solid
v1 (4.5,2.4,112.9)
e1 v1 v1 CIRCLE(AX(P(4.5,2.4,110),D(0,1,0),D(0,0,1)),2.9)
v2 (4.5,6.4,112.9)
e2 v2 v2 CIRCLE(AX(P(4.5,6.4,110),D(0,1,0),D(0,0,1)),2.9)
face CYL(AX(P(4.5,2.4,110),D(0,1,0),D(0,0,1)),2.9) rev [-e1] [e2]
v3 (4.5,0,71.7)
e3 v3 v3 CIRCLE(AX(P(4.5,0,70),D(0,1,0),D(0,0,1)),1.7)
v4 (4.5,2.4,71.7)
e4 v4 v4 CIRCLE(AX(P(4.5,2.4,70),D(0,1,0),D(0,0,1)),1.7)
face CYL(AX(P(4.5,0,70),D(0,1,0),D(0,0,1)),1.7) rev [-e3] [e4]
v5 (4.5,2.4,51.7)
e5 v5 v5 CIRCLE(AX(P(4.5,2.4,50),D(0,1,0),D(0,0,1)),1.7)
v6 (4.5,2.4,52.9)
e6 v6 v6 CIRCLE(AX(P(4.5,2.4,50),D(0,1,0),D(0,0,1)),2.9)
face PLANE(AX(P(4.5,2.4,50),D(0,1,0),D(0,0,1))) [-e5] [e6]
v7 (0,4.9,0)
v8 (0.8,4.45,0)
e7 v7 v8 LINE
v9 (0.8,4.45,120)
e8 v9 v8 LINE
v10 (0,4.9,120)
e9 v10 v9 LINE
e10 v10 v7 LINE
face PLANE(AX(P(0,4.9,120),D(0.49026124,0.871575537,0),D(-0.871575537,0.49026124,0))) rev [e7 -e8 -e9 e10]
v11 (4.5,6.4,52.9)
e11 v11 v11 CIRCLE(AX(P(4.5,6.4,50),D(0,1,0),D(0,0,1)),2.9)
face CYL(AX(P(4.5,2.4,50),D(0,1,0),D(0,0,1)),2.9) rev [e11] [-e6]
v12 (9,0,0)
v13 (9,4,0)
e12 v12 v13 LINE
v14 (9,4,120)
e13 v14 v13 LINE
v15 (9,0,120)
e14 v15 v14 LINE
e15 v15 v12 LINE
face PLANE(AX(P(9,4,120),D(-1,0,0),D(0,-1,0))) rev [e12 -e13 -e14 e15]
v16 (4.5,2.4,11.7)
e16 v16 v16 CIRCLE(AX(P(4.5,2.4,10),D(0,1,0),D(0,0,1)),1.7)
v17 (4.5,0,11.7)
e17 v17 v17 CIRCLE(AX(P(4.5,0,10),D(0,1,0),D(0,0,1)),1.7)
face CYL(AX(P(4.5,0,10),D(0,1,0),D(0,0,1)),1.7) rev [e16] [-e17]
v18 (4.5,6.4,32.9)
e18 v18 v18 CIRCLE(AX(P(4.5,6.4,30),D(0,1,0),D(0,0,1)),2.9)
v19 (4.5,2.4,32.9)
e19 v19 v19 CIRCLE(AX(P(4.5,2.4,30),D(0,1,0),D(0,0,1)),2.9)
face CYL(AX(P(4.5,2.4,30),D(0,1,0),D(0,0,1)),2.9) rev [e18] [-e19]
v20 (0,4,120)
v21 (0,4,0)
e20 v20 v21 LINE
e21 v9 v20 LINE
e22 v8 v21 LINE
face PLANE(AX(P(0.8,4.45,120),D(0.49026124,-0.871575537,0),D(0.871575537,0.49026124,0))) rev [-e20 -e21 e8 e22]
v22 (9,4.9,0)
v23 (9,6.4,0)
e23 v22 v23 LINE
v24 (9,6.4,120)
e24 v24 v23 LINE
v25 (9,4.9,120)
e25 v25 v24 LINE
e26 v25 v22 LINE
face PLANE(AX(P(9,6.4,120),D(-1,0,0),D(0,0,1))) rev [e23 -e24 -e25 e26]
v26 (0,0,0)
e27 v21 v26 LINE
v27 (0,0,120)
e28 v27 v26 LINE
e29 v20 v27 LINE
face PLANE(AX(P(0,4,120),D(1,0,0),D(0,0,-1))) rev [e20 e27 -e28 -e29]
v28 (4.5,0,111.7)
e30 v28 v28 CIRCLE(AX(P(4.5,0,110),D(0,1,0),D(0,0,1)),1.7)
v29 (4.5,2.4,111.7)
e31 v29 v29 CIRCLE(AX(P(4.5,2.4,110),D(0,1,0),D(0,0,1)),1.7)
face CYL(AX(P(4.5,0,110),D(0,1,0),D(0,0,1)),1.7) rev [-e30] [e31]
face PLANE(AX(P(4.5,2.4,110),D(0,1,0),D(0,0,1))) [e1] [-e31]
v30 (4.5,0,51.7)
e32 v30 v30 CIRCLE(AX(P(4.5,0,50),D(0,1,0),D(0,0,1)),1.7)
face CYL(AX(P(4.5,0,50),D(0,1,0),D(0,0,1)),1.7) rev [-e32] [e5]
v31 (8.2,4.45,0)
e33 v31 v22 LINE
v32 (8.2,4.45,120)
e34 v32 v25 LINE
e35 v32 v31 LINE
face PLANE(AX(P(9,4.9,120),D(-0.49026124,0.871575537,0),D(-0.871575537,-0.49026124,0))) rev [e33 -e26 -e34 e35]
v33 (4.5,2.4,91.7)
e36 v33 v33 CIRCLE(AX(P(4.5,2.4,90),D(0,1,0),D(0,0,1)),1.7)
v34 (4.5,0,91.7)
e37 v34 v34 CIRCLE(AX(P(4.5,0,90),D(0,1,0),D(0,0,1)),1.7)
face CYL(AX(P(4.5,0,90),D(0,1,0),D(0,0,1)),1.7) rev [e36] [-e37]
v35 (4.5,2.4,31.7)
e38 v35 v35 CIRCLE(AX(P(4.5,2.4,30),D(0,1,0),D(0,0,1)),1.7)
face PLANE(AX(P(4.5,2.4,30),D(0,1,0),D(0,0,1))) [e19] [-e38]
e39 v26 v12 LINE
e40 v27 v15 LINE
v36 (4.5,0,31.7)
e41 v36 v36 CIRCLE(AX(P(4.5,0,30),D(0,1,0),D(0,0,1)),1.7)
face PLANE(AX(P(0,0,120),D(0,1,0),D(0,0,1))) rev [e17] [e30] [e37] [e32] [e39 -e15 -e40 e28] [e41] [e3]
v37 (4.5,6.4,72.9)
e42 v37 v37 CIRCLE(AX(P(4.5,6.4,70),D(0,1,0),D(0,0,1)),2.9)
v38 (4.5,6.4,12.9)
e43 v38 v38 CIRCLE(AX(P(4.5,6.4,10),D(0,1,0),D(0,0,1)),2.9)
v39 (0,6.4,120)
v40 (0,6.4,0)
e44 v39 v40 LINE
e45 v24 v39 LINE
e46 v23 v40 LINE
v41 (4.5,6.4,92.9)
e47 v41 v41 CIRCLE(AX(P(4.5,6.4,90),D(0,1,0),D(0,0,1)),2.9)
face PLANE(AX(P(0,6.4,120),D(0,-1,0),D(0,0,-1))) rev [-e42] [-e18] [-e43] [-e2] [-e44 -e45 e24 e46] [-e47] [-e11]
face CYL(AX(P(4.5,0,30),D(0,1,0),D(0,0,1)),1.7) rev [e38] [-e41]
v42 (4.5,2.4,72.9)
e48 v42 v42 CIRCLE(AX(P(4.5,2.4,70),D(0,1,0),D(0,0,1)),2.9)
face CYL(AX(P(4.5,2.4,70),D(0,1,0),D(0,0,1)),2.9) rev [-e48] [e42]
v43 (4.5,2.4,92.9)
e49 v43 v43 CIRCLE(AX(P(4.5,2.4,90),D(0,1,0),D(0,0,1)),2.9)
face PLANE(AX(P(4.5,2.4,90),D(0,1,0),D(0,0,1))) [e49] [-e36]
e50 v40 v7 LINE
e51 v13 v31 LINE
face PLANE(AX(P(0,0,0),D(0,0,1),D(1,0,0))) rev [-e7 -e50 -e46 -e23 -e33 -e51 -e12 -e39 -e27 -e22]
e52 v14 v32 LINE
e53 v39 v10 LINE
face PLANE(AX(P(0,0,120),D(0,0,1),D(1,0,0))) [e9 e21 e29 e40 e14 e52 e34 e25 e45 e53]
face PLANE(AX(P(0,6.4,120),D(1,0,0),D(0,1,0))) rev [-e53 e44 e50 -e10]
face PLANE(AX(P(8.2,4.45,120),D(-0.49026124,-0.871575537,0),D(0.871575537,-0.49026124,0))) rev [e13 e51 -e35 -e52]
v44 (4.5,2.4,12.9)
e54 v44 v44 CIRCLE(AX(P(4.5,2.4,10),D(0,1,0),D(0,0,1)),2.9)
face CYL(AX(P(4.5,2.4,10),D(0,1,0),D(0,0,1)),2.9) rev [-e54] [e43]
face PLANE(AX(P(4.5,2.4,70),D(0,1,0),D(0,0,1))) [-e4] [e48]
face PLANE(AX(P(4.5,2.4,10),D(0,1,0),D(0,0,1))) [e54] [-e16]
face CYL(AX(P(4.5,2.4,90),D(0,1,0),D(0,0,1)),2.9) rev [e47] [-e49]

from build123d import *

# Parameters (mm, degrees)
BOSS_EXTRUDE1_DEPTH = 120
SKETCH2_R           = 2.9
CUT_EXTRUDE1_DEPTH  = 4
SKETCH3_R           = 1.7
CUT_EXTRUDE2_DEPTH  = 121.403488322


with BuildPart() as part:
    # Sketch1 → Boss-Extrude1 (new body)
    with BuildSketch(Plane.XY):
        Polygon((9, 6.4), (9, 4.9), (8.2, 4.45), (9, 4), (9, 0), (0, 0), (0, 4), (0.8, 4.45), (0, 4.9), (0, 6.4), align=None)
    extrude(amount=BOSS_EXTRUDE1_DEPTH)

    # Sketch2 → Cut-Extrude1 (cut)
    with BuildSketch(Plane(origin=(0, 6.4, 0), x_dir=(1, 0, 0), z_dir=(0, 1, 0))):
        with Locations(Location((4.5, -110, 0), (0, 0, 270))):
            Circle(SKETCH2_R)
        with Locations(Location((4.5, -90, 0), (0, 0, 270))):
            Circle(SKETCH2_R)
        with Locations(Location((4.5, -70, 0), (0, 0, 270))):
            Circle(SKETCH2_R)
        with Locations(Location((4.5, -50, 0), (0, 0, 270))):
            Circle(SKETCH2_R)
        with Locations(Location((4.5, -30, 0), (0, 0, 270))):
            Circle(SKETCH2_R)
        with Locations(Location((4.5, -10, 0), (0, 0, 270))):
            Circle(SKETCH2_R)
        with Locations((4.5, 10)):
            Circle(SKETCH2_R)
    extrude(amount=-CUT_EXTRUDE1_DEPTH, mode=Mode.SUBTRACT)

    # Sketch3 → Cut-Extrude2 (cut, through all)
    with BuildSketch(Plane(origin=(0, 2.4, 0), x_dir=(1, 0, 0), z_dir=(0, 1, 0))):
        with Locations(Location((4.5, -110, 0), (0, 0, 270))):
            Circle(SKETCH3_R)
        with Locations(Location((4.5, -90, 0), (0, 0, 270))):
            Circle(SKETCH3_R)
        with Locations(Location((4.5, -70, 0), (0, 0, 270))):
            Circle(SKETCH3_R)
        with Locations(Location((4.5, -50, 0), (0, 0, 270))):
            Circle(SKETCH3_R)
        with Locations(Location((4.5, -30, 0), (0, 0, 270))):
            Circle(SKETCH3_R)
        with Locations(Location((4.5, -10, 0), (0, 0, 270))):
            Circle(SKETCH3_R)
        with Locations((4.5, 10)):
            Circle(SKETCH3_R)
    extrude(amount=-CUT_EXTRUDE2_DEPTH, mode=Mode.SUBTRACT)


solid = part.part
